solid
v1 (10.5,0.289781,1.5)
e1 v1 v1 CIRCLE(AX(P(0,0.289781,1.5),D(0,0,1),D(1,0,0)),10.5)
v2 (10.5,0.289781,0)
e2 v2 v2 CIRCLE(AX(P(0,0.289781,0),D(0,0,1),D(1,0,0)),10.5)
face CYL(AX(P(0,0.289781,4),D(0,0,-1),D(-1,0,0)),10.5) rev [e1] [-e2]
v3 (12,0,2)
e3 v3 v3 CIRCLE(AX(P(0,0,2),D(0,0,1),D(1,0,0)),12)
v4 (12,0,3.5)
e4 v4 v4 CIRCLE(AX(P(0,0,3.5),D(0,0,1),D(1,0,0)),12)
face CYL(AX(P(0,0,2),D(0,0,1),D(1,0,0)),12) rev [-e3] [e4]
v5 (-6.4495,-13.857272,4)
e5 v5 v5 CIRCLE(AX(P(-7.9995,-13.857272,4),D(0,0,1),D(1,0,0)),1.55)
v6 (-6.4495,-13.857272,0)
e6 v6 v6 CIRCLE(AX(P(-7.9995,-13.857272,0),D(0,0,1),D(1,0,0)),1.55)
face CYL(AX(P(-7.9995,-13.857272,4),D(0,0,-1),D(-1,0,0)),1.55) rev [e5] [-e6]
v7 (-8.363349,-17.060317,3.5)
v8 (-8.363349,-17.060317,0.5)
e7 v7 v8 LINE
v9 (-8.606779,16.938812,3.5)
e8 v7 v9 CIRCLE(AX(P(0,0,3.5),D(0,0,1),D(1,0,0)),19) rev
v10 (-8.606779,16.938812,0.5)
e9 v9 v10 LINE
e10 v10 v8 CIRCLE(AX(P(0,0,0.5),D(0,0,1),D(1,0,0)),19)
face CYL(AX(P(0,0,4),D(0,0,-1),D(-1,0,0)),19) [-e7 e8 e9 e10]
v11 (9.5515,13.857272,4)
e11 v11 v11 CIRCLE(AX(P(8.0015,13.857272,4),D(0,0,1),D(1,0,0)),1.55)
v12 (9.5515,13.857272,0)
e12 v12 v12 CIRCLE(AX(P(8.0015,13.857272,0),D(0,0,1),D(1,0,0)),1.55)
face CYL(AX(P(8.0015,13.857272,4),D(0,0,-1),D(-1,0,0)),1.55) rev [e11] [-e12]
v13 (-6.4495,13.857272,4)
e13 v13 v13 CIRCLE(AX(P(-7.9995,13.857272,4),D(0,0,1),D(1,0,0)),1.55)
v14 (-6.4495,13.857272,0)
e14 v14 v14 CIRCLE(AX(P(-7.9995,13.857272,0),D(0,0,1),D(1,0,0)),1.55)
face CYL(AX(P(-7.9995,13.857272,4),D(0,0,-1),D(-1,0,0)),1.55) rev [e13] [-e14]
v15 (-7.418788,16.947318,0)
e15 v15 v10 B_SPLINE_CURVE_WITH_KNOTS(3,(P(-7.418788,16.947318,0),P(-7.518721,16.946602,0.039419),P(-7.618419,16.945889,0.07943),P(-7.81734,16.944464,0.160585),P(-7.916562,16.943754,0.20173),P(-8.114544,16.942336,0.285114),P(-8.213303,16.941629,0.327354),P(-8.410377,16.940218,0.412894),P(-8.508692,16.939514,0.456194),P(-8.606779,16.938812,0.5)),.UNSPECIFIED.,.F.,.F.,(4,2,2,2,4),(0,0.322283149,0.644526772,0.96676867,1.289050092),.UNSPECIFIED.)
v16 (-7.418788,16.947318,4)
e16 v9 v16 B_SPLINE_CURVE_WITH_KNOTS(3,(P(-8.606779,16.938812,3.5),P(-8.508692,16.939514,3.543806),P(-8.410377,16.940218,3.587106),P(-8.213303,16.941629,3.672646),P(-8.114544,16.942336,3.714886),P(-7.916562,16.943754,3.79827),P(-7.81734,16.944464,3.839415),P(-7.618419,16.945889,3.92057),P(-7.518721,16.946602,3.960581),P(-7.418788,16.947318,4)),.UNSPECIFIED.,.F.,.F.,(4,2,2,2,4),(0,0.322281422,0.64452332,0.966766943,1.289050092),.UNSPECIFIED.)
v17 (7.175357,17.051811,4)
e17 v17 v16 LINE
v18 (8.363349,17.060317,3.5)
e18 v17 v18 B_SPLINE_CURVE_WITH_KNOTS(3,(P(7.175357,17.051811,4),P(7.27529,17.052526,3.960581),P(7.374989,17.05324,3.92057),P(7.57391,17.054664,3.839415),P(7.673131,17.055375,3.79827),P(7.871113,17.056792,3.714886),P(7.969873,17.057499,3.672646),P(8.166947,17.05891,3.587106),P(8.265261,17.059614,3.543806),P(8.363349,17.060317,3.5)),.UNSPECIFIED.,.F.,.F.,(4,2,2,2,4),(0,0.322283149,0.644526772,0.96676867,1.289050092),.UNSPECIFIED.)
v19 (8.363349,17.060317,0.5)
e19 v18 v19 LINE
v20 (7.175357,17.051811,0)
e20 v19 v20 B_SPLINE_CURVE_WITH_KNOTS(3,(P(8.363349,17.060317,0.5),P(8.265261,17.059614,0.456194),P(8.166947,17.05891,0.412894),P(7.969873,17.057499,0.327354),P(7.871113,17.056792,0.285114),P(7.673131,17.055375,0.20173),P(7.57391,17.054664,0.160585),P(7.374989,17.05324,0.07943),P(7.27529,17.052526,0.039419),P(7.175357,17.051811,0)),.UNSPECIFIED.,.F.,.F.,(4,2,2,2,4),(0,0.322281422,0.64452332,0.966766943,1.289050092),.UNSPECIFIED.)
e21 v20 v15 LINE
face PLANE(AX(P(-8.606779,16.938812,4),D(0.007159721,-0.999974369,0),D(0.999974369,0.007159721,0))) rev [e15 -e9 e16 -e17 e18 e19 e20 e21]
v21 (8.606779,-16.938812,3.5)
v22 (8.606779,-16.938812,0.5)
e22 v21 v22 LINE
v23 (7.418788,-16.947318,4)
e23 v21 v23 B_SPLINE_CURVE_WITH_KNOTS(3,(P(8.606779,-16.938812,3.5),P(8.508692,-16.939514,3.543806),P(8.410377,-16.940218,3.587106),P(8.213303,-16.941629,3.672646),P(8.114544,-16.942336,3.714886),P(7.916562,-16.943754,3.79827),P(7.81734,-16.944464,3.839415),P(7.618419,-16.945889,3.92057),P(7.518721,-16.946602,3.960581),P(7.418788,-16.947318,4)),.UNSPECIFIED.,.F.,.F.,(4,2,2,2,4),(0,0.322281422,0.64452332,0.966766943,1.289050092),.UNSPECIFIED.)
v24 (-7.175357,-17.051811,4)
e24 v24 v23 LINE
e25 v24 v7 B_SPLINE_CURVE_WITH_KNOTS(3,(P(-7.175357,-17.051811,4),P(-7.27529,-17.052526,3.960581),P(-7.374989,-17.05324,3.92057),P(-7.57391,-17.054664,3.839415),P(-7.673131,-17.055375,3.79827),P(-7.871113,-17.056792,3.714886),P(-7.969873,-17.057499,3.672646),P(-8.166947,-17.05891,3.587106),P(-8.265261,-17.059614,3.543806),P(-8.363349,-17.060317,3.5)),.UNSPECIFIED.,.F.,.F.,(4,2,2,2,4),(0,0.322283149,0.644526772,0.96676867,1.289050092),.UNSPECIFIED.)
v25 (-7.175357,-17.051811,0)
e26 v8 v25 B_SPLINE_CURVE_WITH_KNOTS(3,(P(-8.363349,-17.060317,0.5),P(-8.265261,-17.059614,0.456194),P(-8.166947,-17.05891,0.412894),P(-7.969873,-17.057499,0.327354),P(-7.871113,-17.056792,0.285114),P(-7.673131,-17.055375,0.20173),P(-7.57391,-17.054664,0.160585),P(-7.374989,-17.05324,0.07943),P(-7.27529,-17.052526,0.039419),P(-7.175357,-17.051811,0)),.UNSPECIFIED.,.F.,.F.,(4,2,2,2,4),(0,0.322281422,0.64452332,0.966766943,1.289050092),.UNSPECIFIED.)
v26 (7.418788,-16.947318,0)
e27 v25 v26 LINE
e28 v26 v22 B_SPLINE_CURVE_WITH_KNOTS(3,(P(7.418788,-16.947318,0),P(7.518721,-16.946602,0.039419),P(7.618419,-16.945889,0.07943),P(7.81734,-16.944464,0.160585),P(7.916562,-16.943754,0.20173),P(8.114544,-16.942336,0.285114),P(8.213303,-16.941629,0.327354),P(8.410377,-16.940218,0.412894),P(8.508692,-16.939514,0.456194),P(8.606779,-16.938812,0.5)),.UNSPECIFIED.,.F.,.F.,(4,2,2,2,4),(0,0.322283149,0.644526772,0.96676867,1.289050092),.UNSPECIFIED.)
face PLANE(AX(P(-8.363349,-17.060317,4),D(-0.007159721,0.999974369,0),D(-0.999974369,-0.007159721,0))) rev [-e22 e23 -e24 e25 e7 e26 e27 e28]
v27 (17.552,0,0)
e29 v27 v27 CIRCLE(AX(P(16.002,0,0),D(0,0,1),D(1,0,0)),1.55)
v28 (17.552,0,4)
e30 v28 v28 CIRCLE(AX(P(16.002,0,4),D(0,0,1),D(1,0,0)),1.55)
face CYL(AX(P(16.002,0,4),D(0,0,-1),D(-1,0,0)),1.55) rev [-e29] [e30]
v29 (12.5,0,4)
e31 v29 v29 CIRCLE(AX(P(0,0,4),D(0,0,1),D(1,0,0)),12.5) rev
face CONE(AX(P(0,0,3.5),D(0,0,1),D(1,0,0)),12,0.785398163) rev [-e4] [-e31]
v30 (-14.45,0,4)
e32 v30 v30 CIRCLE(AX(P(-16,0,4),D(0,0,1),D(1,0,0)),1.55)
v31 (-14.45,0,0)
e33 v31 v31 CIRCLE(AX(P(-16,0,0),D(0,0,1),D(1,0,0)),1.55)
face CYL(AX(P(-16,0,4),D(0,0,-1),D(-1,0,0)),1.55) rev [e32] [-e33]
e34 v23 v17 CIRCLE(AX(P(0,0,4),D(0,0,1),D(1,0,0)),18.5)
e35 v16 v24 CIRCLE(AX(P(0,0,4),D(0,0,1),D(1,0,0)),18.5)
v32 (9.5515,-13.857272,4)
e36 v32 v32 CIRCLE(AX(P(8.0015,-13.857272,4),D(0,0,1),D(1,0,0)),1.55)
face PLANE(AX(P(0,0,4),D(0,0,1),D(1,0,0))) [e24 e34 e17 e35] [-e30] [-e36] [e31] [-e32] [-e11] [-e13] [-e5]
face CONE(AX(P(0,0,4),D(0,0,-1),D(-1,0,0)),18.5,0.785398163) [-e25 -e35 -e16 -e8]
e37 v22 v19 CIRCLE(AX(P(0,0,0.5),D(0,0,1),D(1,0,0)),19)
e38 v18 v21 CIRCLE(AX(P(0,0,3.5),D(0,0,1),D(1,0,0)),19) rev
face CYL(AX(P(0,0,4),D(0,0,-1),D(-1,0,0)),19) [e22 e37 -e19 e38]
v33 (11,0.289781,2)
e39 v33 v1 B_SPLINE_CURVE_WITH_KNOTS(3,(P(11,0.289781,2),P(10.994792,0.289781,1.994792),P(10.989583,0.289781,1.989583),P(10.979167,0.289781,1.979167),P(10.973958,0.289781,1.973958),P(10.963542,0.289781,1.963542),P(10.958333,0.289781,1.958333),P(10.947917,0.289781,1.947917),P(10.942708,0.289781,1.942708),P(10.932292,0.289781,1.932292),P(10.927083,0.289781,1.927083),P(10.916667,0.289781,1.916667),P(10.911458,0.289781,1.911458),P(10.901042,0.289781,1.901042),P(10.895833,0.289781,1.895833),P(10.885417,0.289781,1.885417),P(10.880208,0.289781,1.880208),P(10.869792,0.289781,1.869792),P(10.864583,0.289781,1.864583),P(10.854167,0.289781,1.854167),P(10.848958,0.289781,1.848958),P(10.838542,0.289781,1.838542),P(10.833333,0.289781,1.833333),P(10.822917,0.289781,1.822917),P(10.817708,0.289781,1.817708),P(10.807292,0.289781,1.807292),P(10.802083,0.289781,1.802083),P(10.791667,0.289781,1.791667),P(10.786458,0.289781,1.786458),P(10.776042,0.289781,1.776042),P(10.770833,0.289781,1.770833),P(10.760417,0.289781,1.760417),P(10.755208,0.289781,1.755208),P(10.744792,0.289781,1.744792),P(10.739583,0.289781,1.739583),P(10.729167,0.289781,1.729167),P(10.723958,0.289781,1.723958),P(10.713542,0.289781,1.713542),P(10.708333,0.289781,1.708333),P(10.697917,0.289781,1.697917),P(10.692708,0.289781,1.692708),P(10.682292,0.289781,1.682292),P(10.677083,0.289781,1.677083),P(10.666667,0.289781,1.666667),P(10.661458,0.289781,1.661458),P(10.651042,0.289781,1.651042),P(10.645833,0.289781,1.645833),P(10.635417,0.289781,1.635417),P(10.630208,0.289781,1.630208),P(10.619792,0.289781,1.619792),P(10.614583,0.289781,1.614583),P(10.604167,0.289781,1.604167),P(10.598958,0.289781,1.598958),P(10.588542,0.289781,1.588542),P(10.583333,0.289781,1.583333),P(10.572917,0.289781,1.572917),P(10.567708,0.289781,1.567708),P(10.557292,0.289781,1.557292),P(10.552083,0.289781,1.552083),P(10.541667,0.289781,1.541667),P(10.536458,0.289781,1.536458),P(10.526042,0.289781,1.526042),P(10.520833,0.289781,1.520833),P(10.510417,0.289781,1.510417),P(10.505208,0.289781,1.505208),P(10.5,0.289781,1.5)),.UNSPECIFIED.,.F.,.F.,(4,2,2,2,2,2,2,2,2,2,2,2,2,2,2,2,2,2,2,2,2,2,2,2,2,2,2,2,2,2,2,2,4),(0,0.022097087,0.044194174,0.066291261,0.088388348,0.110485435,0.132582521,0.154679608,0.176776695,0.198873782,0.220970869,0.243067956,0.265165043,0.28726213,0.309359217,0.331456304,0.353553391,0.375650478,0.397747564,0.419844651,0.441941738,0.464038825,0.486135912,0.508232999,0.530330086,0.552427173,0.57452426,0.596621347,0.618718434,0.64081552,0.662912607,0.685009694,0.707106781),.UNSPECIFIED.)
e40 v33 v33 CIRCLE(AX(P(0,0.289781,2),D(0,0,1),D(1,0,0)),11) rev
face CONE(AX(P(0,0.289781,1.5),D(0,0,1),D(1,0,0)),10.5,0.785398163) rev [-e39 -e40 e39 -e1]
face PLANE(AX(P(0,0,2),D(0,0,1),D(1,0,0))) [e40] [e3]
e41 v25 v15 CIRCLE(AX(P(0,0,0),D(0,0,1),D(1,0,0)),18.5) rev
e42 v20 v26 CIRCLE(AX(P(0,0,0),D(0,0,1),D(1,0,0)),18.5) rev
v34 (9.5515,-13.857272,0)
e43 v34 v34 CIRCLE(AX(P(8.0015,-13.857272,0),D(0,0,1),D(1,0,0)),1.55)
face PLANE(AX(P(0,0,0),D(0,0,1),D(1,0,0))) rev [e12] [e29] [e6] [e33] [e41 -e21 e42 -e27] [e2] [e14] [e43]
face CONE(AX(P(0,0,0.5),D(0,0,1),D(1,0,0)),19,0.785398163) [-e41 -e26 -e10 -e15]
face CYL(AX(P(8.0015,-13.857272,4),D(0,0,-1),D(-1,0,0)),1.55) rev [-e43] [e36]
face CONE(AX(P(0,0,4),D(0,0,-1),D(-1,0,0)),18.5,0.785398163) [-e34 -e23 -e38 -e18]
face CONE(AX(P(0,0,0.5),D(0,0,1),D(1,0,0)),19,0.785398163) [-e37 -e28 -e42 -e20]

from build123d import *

# Parameters (mm, degrees)
SKETCH2_R           = 10.5
SKETCH2_R_2         = 1.55
BOSS_EXTRUDE1_DEPTH = 4
SKETCH3_R           = 12
CUT_EXTRUDE1_DEPTH  = 2
CHAMFER1_SIZE       = 0.5


with BuildPart() as part:
    # Sketch2 → Boss-Extrude1 (new body)
    with BuildSketch(Plane.XY):
        with BuildLine():
            Line((-8.606779144, 16.938812023), (8.36334863, 17.060316518))
            ThreePointArc((8.36334863, 17.060316518), (18.999513009, 0.136034699), (8.606779144, -16.938812023))
            Line((8.606779144, -16.938812023), (-8.36334863, -17.060316518))
            ThreePointArc((-8.36334863, -17.060316518), (-18.999513009, -0.136034699), (-8.606779144, 16.938812023))
        make_face()
        with Locations((0, 0.289780582)):
            Circle(SKETCH2_R, mode=Mode.SUBTRACT)
        with Locations((-16, 0)):
            Circle(SKETCH2_R_2, mode=Mode.SUBTRACT)
        with Locations((-7.9995, 13.857272486)):
            Circle(SKETCH2_R_2, mode=Mode.SUBTRACT)
        with Locations((8.0015, 13.857272486)):
            Circle(SKETCH2_R_2, mode=Mode.SUBTRACT)
        with Locations((16.002, 0)):
            Circle(SKETCH2_R_2, mode=Mode.SUBTRACT)
        with Locations((8.0015, -13.857272486)):
            Circle(SKETCH2_R_2, mode=Mode.SUBTRACT)
        with Locations((-7.9995, -13.857272486)):
            Circle(SKETCH2_R_2, mode=Mode.SUBTRACT)
    extrude(amount=BOSS_EXTRUDE1_DEPTH)

    # Sketch3 → Cut-Extrude1 (cut)
    with BuildSketch(Plane.XY.offset(4)):
        Circle(SKETCH3_R)
    extrude(amount=-CUT_EXTRUDE1_DEPTH, mode=Mode.SUBTRACT)

    # Chamfer1
    chamfer1_edges = [part.edges().sort_by_distance(p)[0] for p in [
        (18.999513009, 0.136034699, 4),
        (-10.5, 0.289780582, 2),
        (-12, 0, 4),
        (-18.999513009, -0.136034699, 4),
        (18.999513009, 0.136034699, 0),
        (-18.999513009, -0.136034699, 0),
    ]]
    chamfer(chamfer1_edges, length=CHAMFER1_SIZE)


solid = part.part
